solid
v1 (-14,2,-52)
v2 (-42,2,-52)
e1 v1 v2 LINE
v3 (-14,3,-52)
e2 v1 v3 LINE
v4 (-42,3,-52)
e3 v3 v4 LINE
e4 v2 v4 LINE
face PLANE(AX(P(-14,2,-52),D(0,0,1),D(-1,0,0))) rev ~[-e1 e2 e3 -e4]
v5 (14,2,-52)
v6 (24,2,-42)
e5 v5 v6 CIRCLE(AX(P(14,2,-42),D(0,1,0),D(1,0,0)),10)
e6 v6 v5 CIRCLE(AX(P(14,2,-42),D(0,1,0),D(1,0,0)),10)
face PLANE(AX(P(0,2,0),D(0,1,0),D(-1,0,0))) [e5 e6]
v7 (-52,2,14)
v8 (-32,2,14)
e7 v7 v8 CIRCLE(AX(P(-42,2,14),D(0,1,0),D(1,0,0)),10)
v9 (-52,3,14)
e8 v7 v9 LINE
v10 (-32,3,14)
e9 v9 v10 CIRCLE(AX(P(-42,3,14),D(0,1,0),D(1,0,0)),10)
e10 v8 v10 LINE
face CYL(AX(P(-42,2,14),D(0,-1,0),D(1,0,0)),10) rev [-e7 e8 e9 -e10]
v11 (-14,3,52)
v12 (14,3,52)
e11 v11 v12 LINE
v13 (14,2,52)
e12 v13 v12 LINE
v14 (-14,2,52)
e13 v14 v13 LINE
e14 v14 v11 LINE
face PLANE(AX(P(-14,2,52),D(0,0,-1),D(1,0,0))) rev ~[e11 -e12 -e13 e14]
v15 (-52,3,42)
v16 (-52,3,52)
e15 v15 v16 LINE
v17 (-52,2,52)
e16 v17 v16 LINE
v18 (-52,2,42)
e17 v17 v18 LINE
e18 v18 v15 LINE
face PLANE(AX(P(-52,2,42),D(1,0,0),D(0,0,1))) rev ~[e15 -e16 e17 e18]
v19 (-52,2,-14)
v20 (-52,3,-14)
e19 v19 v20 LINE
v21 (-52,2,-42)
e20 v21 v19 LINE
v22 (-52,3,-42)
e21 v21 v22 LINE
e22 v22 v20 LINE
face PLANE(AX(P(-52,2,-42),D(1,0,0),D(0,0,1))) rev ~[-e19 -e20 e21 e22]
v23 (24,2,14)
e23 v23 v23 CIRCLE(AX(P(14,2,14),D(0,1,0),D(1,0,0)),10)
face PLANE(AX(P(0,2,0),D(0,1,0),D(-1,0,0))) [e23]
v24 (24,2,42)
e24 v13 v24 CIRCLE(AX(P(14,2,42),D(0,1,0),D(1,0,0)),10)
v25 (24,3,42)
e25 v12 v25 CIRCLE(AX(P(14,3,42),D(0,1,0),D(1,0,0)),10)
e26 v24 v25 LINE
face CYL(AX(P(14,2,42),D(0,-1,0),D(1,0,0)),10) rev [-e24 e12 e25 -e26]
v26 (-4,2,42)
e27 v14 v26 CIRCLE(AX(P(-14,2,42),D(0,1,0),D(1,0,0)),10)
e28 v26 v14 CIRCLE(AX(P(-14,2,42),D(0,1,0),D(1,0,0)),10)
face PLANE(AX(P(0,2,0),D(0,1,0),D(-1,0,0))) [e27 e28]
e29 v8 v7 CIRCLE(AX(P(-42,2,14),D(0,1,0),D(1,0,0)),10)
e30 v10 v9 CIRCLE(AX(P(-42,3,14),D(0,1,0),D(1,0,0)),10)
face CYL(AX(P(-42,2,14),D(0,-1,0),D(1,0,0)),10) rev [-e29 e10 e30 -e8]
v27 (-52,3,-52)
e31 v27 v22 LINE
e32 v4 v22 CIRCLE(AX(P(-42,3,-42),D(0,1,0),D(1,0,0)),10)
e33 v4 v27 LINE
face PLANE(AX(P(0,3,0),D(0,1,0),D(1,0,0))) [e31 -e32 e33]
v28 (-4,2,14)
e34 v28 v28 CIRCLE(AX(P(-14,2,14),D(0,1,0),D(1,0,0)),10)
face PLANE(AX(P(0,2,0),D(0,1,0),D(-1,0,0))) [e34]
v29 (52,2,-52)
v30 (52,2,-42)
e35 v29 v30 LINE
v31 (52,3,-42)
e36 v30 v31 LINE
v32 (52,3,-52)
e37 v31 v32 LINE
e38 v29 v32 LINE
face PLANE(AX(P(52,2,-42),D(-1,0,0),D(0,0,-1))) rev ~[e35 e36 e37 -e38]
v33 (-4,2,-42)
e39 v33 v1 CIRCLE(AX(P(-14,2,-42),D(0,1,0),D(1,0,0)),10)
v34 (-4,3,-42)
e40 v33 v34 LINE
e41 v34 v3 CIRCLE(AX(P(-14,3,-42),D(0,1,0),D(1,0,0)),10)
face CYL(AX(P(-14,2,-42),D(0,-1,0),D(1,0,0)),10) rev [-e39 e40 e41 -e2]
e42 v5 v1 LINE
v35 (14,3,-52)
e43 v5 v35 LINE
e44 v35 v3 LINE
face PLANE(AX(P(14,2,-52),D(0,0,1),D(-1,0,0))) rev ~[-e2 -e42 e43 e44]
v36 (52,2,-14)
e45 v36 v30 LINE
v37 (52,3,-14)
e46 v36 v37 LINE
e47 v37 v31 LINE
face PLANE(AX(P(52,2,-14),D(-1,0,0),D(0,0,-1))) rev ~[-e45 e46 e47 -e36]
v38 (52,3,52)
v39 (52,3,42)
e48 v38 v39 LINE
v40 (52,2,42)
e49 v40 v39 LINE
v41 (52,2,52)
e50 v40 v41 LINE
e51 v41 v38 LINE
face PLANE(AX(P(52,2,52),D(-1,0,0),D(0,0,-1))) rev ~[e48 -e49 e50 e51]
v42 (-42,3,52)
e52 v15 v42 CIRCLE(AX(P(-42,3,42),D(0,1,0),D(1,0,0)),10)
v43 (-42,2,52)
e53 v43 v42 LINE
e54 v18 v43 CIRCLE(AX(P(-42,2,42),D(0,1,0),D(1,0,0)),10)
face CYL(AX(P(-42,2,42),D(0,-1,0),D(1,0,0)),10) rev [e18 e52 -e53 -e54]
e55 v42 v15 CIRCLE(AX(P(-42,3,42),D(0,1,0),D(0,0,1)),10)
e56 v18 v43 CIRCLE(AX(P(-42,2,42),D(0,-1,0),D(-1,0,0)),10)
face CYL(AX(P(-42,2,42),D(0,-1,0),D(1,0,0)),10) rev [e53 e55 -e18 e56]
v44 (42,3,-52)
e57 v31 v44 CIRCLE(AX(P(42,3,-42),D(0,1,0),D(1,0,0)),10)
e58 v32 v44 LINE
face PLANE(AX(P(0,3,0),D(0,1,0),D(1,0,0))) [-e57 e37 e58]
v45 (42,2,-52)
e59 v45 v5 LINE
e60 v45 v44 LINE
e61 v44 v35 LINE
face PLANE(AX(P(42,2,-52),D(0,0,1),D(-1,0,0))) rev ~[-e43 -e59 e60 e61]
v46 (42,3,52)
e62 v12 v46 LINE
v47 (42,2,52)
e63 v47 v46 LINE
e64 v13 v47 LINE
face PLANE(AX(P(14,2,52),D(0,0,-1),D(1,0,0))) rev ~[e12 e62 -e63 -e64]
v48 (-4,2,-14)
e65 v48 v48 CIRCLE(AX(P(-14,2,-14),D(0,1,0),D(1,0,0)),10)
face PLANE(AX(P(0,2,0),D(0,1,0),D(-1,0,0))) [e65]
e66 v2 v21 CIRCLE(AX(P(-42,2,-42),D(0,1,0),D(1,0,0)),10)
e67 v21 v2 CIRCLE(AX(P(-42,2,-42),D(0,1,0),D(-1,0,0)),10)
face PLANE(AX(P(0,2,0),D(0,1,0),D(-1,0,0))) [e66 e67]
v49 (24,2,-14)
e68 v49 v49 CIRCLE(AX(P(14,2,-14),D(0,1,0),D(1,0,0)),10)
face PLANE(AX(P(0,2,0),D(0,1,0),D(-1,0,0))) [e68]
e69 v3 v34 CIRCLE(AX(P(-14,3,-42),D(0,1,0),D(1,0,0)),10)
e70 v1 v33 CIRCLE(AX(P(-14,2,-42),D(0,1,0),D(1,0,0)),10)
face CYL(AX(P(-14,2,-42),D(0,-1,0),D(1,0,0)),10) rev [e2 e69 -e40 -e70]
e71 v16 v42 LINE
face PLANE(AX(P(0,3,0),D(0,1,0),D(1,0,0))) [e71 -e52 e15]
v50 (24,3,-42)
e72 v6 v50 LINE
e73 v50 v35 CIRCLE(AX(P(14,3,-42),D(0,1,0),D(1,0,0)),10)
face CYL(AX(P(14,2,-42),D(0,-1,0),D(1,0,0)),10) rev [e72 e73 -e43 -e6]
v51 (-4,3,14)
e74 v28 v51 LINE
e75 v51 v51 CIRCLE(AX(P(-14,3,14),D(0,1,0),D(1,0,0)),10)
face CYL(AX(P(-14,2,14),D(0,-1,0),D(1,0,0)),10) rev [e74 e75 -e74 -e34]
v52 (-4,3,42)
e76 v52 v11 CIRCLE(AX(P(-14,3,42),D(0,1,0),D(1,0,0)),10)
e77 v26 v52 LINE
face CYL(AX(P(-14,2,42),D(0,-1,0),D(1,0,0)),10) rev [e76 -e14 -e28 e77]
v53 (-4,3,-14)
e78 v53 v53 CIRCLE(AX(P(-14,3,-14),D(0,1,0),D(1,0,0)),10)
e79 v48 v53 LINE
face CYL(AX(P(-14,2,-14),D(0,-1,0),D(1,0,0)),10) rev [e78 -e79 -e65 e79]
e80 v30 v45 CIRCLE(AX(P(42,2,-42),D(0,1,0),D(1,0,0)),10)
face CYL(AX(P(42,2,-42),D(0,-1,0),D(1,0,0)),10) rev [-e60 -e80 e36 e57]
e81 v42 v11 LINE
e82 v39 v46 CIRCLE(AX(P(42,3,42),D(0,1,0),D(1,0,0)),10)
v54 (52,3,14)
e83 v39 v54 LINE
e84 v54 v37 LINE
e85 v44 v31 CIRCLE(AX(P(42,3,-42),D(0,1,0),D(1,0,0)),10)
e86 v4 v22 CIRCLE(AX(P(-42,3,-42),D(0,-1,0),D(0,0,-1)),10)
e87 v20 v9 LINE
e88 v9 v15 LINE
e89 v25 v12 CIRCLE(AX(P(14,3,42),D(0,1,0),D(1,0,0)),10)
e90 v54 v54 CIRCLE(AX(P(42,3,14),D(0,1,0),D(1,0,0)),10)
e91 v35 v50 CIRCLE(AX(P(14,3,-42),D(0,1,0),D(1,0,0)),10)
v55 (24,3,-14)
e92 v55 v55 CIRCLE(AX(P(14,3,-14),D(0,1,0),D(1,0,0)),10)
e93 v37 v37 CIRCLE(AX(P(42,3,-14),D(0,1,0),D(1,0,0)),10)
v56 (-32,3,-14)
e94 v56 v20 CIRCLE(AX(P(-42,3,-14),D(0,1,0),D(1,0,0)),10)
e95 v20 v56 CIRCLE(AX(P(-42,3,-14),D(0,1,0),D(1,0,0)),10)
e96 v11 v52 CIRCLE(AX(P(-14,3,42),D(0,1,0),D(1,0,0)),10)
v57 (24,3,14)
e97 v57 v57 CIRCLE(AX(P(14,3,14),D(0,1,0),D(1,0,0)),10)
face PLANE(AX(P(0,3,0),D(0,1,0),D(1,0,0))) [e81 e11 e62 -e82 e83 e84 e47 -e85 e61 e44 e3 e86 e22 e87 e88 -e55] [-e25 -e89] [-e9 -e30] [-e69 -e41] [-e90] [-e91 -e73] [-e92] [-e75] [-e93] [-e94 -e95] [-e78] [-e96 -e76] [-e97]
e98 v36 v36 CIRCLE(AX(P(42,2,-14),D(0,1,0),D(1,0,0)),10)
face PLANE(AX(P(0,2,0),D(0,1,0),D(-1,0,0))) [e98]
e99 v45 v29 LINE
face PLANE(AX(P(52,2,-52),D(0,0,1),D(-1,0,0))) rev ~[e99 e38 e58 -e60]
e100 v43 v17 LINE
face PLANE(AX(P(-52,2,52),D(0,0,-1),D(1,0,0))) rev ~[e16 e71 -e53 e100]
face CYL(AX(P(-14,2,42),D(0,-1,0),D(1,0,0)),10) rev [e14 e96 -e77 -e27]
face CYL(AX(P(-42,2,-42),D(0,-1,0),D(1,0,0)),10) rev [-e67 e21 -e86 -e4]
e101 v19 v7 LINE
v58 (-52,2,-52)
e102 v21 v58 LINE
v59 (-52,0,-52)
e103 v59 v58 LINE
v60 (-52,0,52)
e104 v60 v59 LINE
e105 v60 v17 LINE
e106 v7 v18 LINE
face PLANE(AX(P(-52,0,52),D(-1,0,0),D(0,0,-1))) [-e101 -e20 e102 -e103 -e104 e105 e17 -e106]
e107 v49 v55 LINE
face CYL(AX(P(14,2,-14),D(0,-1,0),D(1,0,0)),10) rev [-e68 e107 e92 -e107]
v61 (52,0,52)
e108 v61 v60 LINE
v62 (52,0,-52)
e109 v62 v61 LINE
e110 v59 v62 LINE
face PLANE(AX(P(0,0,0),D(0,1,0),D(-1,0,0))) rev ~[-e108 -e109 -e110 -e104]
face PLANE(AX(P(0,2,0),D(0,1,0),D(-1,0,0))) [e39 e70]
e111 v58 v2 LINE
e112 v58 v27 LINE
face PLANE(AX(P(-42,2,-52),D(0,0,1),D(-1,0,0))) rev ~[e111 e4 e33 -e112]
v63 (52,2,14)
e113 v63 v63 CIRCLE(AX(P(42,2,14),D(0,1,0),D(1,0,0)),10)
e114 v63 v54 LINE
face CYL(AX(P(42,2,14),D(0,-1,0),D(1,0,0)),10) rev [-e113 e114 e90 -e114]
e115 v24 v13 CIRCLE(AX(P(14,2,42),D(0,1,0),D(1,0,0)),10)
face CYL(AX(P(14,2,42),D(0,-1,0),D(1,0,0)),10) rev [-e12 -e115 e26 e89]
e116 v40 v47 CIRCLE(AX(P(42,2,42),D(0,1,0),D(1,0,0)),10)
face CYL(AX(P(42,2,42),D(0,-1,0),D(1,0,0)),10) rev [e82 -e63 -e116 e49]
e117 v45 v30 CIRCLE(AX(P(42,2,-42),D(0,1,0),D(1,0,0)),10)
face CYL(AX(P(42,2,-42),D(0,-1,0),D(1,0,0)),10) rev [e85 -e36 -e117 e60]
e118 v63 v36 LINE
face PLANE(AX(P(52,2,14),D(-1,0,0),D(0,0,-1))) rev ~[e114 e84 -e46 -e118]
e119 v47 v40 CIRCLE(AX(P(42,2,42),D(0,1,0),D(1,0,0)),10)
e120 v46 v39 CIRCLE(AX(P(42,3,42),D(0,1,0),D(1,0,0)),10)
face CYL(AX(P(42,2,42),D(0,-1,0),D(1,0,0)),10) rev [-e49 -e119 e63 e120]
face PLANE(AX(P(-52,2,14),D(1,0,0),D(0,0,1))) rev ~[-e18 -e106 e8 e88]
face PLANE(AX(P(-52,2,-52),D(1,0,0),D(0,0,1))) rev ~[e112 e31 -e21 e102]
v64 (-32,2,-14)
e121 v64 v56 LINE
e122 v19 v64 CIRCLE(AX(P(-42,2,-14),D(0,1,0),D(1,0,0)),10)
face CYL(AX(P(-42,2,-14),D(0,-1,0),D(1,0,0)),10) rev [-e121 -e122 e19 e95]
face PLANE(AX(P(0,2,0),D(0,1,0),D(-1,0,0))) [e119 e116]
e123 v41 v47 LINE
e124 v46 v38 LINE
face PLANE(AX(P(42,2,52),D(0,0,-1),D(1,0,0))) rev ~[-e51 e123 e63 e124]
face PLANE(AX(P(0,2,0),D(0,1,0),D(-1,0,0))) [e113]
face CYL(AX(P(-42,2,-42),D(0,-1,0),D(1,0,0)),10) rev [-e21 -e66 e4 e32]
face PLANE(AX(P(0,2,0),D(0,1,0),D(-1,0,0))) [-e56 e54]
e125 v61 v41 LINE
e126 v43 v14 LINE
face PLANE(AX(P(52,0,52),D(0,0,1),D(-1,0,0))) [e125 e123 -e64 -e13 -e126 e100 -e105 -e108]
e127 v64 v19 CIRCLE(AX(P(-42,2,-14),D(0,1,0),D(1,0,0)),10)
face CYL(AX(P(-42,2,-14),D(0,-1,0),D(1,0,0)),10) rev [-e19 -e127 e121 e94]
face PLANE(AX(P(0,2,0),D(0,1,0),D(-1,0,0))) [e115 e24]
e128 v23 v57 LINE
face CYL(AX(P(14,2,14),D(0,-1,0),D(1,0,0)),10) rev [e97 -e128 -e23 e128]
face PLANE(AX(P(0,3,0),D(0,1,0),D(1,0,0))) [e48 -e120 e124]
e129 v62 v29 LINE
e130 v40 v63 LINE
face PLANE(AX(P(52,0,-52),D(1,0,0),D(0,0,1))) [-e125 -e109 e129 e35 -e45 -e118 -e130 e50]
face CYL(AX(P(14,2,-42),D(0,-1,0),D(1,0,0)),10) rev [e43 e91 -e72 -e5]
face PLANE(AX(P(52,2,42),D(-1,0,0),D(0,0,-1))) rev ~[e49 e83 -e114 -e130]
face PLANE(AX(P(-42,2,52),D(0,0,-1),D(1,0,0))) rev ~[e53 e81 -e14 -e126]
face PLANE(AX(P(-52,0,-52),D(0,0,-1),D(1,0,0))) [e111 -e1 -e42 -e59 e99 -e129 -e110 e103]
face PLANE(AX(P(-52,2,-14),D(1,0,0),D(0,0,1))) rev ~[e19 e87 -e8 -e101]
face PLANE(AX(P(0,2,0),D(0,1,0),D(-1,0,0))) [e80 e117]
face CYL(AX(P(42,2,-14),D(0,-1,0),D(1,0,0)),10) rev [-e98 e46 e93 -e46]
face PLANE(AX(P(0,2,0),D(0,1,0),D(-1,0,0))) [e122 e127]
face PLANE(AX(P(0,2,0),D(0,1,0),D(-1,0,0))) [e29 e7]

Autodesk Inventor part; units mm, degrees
ref_plane "YZ Plane" through (0, 0, 0) normal (1, 0, 0) x (0, 1, 0)
ref_plane "XZ Plane" through (0, 0, 0) normal (0, 1, 0) x (-1, 0, 0)
ref_plane "XY Plane" through (0, 0, 0) normal (0, 0, 1) x (1, 0, 0)
sketch "スケッチ1" plane through (0, 0, 0) normal (0, 1, 0) x (-1, 0, 0)
  line L0 (-52, 52) -> (52, 52)
  line L1 (52, 52) -> (52, -52)
  line L2 (52, -52) -> (-52, -52)
  line L3 (-52, -52) -> (-52, 52)
  point P0 (0, 0)
  dimension "d0" = 104
  dimension "d2" = 104
  dimension "d3" = 52
  dimension "d4" = 52
extrude "押し出し1" add sketch "スケッチ1" along normal blind 2
sketch "スケッチ2" plane through (0, 2, 0) normal (0, 1, 0) x (1, 0, 0)
  line L0 (-52, -52) -> (52, -52) projected
  line L1 (52, -52) -> (52, 52) projected
  line L2 (52, 52) -> (-52, 52) projected
  line L3 (-52, 52) -> (-52, -52) projected
  circle A0 centre (-42, -42) radius 10
  circle A1 centre (-14, -42) radius 10
  circle A2 centre (14, -42) radius 10
  circle A3 centre (-42, -14) radius 10
  circle A4 centre (-14, -14) radius 10
  circle A5 centre (14, -14) radius 10
  circle A6 centre (-42, 14) radius 10
  circle A7 centre (-14, 14) radius 10
  circle A8 centre (14, 14) radius 10
  circle A9 centre (42, -42) radius 10
  circle A10 centre (42, -14) radius 10
  circle A11 centre (42, 14) radius 10
  circle A12 centre (42, 42) radius 10
  circle A13 centre (14, 42) radius 10
  circle A14 centre (-14, 42) radius 10
  circle A15 centre (-42, 42) radius 10
  point P0 (0, 0)
  dimension "d7" = 20
  dimension "d43" = 28
  dimension "d44" = 28
  dimension "d45" = 28
  dimension "d46" = 10
  dimension "d47" = 10
  dimension "d48" = 10
  dimension "d49" = 10
  dimension "d50" = 10
  dimension "d51" = 10
  dimension "d52" = 28
  dimension "d53" = 28
  dimension "d54" = 28
  dimension "d55" = 28
  dimension "d56" = 28
  dimension "d57" = 28
  dimension "d58" = 28
  dimension "d59" = 28
  dimension "d60" = 28
  dimension "d61" = 28
  dimension "d62" = 28
  dimension "d63" = 10
  dimension "d64" = 10
  dimension "d65" = 28
  dimension "d66" = 28
  dimension "d67" = 28
  dimension "d68" = 28
  dimension "d69" = 28
  dimension "d70" = 28
  dimension "d71" = 28
  dimension "d72" = 28
  dimension "d73" = 28
  dimension "d74" = 28
extrude "押し出し2" add sketch "スケッチ2" along normal blind 1 contours L3 A0 L0 | A0 L3 A15 L2 A12 L1 A9 L0 | A9 L1 L0 | L3 L2 A15 | A12 L2 L1
properties part number "fai20_sikiita"
